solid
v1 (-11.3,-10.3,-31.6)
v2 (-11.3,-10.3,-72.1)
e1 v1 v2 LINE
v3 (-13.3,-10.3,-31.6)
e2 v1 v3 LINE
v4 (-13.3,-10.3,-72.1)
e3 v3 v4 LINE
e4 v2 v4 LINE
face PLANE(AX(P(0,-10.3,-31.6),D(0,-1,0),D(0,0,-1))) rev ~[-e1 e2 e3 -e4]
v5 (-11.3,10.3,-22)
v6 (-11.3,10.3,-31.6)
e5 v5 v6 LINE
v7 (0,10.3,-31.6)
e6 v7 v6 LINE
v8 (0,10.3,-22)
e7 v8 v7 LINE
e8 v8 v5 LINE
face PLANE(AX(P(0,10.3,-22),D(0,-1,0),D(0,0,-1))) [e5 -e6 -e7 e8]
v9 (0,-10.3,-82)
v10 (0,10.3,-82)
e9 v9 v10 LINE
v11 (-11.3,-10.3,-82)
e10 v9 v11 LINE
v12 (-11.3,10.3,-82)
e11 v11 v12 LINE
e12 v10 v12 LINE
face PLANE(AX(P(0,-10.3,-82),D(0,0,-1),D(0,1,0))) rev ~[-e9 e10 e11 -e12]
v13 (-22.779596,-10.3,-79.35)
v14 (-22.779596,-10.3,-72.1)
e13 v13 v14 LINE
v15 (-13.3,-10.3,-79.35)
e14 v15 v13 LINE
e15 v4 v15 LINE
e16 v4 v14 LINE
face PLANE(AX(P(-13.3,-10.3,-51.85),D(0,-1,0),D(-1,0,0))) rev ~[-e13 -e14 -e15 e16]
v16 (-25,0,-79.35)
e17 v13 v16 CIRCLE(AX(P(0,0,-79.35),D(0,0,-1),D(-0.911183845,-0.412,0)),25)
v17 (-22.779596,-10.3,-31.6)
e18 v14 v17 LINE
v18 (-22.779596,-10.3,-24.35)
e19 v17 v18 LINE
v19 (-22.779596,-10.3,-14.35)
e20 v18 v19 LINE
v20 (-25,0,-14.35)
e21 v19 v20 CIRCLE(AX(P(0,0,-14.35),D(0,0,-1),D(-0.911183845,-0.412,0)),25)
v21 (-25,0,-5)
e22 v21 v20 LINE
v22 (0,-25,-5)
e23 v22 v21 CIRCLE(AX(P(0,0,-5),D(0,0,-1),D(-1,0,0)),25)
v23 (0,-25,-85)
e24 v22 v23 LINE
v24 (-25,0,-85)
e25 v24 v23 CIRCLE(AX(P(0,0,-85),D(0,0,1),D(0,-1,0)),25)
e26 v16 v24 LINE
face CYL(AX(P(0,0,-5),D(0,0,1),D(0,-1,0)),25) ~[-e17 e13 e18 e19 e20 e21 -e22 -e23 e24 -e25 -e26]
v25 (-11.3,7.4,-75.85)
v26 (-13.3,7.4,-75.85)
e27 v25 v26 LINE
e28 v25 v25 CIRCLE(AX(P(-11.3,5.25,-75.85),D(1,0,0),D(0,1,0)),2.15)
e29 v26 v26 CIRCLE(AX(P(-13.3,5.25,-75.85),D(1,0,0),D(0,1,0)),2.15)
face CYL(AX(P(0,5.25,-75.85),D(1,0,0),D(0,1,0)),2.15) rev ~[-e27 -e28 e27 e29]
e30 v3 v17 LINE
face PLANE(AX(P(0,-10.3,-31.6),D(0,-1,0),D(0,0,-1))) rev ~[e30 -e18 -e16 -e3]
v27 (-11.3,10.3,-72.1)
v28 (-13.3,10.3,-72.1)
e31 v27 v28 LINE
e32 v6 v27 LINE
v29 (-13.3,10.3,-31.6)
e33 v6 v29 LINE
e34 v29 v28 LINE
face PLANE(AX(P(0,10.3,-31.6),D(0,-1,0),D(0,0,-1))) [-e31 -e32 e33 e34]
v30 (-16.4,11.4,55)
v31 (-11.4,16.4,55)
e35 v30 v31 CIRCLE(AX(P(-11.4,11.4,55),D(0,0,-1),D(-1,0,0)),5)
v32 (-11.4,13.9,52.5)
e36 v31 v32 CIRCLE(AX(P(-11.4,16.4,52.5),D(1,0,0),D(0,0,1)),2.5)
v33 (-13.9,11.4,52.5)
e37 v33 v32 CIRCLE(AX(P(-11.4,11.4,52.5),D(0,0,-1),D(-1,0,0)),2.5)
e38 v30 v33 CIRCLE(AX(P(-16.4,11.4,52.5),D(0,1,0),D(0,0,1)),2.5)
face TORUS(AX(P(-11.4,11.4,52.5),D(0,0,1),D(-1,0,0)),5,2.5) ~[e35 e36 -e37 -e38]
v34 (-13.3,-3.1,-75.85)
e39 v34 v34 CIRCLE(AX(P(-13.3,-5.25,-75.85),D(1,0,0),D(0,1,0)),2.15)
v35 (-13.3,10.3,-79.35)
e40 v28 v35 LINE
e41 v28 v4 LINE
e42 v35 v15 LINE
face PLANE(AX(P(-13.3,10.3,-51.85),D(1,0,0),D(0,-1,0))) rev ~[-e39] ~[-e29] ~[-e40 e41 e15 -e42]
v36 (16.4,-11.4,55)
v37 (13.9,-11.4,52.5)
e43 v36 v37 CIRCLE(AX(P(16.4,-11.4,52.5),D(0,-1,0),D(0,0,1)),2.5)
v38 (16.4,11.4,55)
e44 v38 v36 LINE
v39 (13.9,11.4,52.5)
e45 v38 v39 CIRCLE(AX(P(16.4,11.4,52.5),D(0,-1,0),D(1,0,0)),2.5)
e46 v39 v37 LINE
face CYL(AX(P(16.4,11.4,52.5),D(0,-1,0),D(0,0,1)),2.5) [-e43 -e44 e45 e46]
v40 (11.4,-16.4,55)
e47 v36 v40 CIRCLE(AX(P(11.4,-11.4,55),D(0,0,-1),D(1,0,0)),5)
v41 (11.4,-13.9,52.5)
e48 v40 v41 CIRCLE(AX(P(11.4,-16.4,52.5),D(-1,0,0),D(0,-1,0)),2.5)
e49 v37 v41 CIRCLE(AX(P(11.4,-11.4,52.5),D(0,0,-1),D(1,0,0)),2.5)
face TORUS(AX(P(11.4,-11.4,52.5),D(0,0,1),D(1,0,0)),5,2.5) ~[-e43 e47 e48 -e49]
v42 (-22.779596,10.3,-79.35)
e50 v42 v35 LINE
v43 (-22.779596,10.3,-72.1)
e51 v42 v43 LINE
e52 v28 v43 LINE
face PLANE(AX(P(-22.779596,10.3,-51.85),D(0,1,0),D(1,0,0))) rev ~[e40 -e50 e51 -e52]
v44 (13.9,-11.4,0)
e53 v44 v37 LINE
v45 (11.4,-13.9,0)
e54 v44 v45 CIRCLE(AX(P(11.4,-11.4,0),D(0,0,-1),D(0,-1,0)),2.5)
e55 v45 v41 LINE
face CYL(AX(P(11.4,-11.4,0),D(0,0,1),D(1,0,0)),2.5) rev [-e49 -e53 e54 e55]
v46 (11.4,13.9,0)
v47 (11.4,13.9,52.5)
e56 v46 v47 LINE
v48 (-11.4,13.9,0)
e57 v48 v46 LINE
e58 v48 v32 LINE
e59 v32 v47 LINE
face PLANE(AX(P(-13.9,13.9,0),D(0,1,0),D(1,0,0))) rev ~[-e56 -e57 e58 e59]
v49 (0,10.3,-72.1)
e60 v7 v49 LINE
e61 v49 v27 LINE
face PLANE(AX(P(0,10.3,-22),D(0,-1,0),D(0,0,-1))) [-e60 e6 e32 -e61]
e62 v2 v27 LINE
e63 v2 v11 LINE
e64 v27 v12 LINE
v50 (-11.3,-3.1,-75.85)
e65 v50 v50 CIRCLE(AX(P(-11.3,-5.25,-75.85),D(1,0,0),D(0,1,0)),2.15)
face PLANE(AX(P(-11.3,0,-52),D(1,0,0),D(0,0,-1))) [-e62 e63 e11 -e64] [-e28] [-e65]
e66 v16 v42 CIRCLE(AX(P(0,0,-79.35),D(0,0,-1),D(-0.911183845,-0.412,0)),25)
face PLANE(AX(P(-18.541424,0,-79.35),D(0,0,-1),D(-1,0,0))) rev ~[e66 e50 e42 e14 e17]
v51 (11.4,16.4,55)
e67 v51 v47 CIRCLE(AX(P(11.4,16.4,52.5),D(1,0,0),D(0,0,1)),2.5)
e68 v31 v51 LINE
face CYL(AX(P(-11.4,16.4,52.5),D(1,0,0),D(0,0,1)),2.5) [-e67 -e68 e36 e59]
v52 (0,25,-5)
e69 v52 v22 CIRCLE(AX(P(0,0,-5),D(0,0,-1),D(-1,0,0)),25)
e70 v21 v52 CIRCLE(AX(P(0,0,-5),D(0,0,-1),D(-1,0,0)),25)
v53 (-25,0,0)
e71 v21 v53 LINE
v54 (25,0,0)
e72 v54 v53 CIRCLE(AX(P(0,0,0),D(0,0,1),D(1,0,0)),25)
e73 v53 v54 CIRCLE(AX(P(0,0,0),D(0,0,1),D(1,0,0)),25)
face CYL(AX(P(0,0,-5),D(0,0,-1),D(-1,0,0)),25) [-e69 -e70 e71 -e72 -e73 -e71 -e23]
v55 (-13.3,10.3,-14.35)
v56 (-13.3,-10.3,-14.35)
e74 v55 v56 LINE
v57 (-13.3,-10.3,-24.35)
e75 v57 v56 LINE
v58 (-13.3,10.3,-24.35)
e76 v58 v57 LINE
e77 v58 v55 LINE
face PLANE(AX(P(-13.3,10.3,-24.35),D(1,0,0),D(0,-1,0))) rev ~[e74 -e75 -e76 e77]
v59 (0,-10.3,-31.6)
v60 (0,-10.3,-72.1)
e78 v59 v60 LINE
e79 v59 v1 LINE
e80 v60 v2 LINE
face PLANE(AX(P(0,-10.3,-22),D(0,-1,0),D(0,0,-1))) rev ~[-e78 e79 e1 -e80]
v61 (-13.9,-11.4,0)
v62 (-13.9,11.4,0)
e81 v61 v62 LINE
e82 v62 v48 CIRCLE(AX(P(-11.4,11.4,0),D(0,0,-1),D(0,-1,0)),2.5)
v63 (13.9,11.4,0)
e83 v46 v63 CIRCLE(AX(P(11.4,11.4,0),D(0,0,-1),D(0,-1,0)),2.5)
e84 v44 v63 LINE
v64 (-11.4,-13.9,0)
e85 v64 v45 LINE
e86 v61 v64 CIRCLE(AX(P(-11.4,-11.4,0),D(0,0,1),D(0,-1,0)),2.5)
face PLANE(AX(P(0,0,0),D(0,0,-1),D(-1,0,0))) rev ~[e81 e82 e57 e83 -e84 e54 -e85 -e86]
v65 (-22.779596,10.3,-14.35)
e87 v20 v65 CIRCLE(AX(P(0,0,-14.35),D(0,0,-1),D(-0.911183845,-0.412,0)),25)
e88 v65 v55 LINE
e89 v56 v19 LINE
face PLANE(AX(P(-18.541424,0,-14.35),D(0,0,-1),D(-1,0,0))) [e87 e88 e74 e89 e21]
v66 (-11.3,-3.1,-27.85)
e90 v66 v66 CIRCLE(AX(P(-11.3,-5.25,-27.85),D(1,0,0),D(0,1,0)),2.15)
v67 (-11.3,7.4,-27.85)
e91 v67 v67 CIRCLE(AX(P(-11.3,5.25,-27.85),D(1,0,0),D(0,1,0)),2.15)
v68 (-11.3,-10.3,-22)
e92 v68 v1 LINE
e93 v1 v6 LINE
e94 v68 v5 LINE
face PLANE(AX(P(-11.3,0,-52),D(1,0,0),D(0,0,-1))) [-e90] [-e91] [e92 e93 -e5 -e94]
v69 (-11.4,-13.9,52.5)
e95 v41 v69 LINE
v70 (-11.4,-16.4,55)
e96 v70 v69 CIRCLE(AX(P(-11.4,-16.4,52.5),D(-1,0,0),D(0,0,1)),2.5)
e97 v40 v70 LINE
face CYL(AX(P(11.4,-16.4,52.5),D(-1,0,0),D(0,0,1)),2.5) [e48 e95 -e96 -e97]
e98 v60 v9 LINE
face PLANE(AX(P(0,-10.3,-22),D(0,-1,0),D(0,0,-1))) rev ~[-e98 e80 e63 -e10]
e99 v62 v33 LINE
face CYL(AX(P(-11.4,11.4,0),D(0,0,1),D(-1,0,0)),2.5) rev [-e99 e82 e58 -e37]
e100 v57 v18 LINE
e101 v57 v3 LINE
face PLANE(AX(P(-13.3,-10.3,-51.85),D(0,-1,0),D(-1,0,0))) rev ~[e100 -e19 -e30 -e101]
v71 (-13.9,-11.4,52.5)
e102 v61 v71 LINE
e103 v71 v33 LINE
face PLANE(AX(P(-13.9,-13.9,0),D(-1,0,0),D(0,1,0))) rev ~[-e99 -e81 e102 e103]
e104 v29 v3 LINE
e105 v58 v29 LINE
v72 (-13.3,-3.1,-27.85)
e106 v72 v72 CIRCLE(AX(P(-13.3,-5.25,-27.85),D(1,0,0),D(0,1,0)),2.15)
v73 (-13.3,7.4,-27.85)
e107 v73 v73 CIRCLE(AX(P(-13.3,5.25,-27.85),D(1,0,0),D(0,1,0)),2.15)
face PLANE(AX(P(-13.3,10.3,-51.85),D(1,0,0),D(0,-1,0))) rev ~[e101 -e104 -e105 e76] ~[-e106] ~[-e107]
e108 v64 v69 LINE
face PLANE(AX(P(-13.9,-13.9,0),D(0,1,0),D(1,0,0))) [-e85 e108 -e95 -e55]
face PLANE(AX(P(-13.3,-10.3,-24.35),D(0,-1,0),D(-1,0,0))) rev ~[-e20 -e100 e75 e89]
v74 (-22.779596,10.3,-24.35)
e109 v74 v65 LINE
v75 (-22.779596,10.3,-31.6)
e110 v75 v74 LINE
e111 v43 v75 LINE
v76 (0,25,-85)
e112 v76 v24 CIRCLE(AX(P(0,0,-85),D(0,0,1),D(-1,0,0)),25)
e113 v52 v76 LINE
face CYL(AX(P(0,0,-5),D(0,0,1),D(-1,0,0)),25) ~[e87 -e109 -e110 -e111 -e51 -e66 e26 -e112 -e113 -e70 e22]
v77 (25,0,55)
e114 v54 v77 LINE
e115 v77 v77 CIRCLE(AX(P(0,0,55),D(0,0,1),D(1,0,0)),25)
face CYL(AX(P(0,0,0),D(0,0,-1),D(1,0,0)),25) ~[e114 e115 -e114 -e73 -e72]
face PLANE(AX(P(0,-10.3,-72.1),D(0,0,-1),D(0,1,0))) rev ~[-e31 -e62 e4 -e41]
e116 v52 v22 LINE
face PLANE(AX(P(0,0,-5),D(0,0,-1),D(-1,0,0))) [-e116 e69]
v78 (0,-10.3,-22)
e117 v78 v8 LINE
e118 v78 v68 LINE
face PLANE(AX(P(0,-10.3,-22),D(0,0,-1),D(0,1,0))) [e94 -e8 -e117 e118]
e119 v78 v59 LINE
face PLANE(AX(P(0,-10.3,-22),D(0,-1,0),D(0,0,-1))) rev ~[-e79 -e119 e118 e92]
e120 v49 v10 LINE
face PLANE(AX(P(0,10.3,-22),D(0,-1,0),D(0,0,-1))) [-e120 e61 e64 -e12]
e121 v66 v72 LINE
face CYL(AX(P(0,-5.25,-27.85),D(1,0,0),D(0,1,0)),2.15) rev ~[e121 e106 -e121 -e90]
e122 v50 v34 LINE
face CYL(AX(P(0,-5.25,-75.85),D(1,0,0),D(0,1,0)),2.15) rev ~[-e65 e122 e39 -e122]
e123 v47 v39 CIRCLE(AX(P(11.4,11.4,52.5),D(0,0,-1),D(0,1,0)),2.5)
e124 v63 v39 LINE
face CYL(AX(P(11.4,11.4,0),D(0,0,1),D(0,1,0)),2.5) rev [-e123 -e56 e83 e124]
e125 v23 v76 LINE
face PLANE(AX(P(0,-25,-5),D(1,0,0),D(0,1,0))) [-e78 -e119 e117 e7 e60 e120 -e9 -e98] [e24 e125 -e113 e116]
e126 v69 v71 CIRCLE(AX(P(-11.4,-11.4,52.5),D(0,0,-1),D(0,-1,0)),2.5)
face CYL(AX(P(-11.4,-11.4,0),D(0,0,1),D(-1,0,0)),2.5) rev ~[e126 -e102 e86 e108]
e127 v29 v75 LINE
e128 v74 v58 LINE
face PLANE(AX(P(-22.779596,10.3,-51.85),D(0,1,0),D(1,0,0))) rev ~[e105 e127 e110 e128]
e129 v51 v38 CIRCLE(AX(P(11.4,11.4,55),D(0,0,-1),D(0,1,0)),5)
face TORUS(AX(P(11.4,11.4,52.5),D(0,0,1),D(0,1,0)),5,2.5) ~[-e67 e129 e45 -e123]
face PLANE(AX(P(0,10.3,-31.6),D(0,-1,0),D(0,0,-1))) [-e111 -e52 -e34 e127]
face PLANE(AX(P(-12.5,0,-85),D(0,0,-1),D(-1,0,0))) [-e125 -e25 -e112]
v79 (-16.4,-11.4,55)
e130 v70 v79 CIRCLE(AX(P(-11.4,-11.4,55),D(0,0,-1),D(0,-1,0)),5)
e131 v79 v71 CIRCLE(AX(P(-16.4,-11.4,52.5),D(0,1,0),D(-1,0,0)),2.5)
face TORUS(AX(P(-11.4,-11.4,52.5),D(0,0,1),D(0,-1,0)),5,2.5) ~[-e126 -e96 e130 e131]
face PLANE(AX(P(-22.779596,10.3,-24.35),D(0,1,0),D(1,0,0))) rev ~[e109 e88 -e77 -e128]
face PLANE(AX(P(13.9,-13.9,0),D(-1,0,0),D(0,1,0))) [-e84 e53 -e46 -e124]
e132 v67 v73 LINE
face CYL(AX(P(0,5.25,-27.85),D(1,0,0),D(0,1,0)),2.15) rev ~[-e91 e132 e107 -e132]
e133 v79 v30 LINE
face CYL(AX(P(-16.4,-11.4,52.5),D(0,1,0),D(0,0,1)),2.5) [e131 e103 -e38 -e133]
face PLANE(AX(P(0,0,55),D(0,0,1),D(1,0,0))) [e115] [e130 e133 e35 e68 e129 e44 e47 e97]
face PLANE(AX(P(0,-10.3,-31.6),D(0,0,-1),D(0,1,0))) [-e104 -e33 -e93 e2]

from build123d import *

# Parameters (mm, degrees)
SKETCH1_R           = 25
SKETCH1_W           = 27.8
SKETCH1_H           = 27.8
BOSS_EXTRUDE1_DEPTH = 55
BOSS_EXTRUDE2_START = 5
SKETCH2_R           = 25
SKETCH2_W           = 27.8
SKETCH2_H           = 27.8
BOSS_EXTRUDE2_DEPTH = 5
SKETCH3_W           = 25
SKETCH3_H           = 50
BOSS_EXTRUDE3_DEPTH = 80
FILLET1_R           = 2.5
FILLET2_R           = 2.5
SKETCH21_W          = 60
SKETCH21_H          = 20.6
CUT_EXTRUDE1_DEPTH  = 11.3
SKETCH22_W          = 40.5
SKETCH22_H          = 20.6
CUT_EXTRUDE2_DEPTH  = 93.059763198
CUT_EXTRUDE3_DEPTH  = 88.464278423
SKETCH23_R          = 2.15
CUT_EXTRUDE4_DEPTH  = 93.059763198
CUT_EXTRUDE7_DEPTH  = 27.5
CUT_EXTRUDE8_DEPTH  = 10


with BuildPart() as part:
    # Sketch1 → Boss-Extrude1 (new body)
    with BuildSketch(Plane.XY):
        Circle(SKETCH1_R)
        Rectangle(SKETCH1_W, SKETCH1_H, mode=Mode.SUBTRACT)
    extrude(amount=BOSS_EXTRUDE1_DEPTH)

    # Sketch2 → Boss-Extrude2 (add)
    # profile 1 of 2: a face of its own
    with BuildSketch(Plane(origin=(0, 0, 0), x_dir=(-1, 0, 0), z_dir=(0, 0, -1)).offset(BOSS_EXTRUDE2_START)):
        Circle(SKETCH2_R)
        Rectangle(SKETCH2_W, SKETCH2_H, mode=Mode.SUBTRACT)
    # profile 2 of 2: a face of its own
    with BuildSketch(Plane(origin=(0, 0, 0), x_dir=(-1, 0, 0), z_dir=(0, 0, -1)).offset(BOSS_EXTRUDE2_START)):
        Rectangle(SKETCH2_W, SKETCH2_H)
    extrude(amount=-BOSS_EXTRUDE2_DEPTH)

    # Sketch3 → Boss-Extrude3 (add)
    with BuildSketch(Plane(origin=(0, 0, -5), x_dir=(-1, 0, 0), z_dir=(0, 0, -1))):
        with Locations((12.5, 0)):
            Rectangle(SKETCH3_W, SKETCH3_H)
    extrude(amount=BOSS_EXTRUDE3_DEPTH)

    # Fillet1
    fillet1_edges = [part.edges().sort_by_distance(p)[0] for p in [
        (-13.9, 13.9, 27.5),
        (-13.9, -13.9, 27.5),
        (13.9, -13.9, 27.5),
        (13.9, 13.9, 27.5),
    ]]
    fillet(fillet1_edges, radius=FILLET1_R)

    # Fillet2
    fillet2_edges = [part.edges().sort_by_distance(p)[0] for p in [
        (0, 13.9, 55),
        (-13.9, 0, 55),
        (0, -13.9, 55),
        (13.9, 0, 55),
        (-13.167766953, 13.167766953, 55),
        (-13.167766953, -13.167766953, 55),
        (13.167766953, -13.167766953, 55),
        (13.167766953, 13.167766953, 55),
    ]]
    fillet(fillet2_edges, radius=FILLET2_R)

    # Sketch21 → Cut-Extrude1 (cut)
    with BuildSketch(Plane(origin=(0, 0, 0), x_dir=(0, 0, -1), z_dir=(1, 0, 0))):
        with Locations((52, 0)):
            Rectangle(SKETCH21_W, SKETCH21_H)
    extrude(amount=-CUT_EXTRUDE1_DEPTH, mode=Mode.SUBTRACT)

    # Sketch22 → Cut-Extrude2 (cut, through all)
    with BuildSketch(Plane(origin=(0, 0, 0), x_dir=(0, 0, -1), z_dir=(1, 0, 0))):
        with Locations((51.85, 0)):
            Rectangle(SKETCH22_W, SKETCH22_H)
    extrude(amount=-CUT_EXTRUDE2_DEPTH, mode=Mode.SUBTRACT)

    # Sketch18 → Cut-Extrude3 (cut, through all)
    with BuildSketch(Plane.XY.offset(-5)):
        with BuildLine():
            Line((-25, -25), (0, -25))
            ThreePointArc((0, -25), (-17.67766953, -17.67766953), (-25, 0))
            Line((-25, 0), (-25, -25))
        make_face()
        with BuildLine():
            Line((-25, 25), (-25, 0))
            ThreePointArc((-25, 0), (-17.67766953, 17.67766953), (0, 25))
            Line((0, 25), (-25, 25))
        make_face()
    extrude(amount=-CUT_EXTRUDE3_DEPTH, mode=Mode.SUBTRACT)

    # Sketch23 → Cut-Extrude4 (cut, through all)
    with BuildSketch(Plane(origin=(0, 0, 0), x_dir=(0, 0, -1), z_dir=(1, 0, 0))):
        with Locations(Location((27.85, -5.25, 0), (0, 0, 90))):
            Circle(SKETCH23_R)
        with Locations(Location((75.85, 5.25, 0), (0, 0, 90))):
            Circle(SKETCH23_R)
        with Locations(Location((75.85, -5.25, 0), (0, 0, 90))):
            Circle(SKETCH23_R)
        with Locations(Location((27.85, 5.25, 0), (0, 0, 90))):
            Circle(SKETCH23_R)
    extrude(amount=-CUT_EXTRUDE4_DEPTH, mode=Mode.SUBTRACT)

    # Sketch24 → Cut-Extrude7 (cut, symmetric)
    with BuildSketch(Plane(origin=(0, 0, -51.85), x_dir=(-1, 0, 0), z_dir=(0, 0, -1))):
        with BuildLine():
            Line((22.779596133, 10.3), (13.3, 10.3))
            Line((13.3, 10.3), (13.3, -10.3))
            Line((13.3, -10.3), (22.779596133, -10.3))
            ThreePointArc((22.779596133, -10.3), (25, 0), (22.779596133, 10.3))
        make_face()
    extrude(amount=CUT_EXTRUDE7_DEPTH, both=True, mode=Mode.SUBTRACT)

    # Sketch25 → Cut-Extrude8 (cut)
    with BuildSketch(Plane(origin=(0, 0, -24.35), x_dir=(-1, 0, 0), z_dir=(0, 0, -1))):
        with BuildLine():
            Line((13.3, -10.3), (22.779596133, -10.3))
            ThreePointArc((22.779596133, -10.3), (25, 0), (22.779596133, 10.3))
            Line((22.779596133, 10.3), (13.3, 10.3))
            Line((13.3, 10.3), (13.3, -10.3))
        make_face()
    extrude(amount=-CUT_EXTRUDE8_DEPTH, mode=Mode.SUBTRACT)


solid = part.part
